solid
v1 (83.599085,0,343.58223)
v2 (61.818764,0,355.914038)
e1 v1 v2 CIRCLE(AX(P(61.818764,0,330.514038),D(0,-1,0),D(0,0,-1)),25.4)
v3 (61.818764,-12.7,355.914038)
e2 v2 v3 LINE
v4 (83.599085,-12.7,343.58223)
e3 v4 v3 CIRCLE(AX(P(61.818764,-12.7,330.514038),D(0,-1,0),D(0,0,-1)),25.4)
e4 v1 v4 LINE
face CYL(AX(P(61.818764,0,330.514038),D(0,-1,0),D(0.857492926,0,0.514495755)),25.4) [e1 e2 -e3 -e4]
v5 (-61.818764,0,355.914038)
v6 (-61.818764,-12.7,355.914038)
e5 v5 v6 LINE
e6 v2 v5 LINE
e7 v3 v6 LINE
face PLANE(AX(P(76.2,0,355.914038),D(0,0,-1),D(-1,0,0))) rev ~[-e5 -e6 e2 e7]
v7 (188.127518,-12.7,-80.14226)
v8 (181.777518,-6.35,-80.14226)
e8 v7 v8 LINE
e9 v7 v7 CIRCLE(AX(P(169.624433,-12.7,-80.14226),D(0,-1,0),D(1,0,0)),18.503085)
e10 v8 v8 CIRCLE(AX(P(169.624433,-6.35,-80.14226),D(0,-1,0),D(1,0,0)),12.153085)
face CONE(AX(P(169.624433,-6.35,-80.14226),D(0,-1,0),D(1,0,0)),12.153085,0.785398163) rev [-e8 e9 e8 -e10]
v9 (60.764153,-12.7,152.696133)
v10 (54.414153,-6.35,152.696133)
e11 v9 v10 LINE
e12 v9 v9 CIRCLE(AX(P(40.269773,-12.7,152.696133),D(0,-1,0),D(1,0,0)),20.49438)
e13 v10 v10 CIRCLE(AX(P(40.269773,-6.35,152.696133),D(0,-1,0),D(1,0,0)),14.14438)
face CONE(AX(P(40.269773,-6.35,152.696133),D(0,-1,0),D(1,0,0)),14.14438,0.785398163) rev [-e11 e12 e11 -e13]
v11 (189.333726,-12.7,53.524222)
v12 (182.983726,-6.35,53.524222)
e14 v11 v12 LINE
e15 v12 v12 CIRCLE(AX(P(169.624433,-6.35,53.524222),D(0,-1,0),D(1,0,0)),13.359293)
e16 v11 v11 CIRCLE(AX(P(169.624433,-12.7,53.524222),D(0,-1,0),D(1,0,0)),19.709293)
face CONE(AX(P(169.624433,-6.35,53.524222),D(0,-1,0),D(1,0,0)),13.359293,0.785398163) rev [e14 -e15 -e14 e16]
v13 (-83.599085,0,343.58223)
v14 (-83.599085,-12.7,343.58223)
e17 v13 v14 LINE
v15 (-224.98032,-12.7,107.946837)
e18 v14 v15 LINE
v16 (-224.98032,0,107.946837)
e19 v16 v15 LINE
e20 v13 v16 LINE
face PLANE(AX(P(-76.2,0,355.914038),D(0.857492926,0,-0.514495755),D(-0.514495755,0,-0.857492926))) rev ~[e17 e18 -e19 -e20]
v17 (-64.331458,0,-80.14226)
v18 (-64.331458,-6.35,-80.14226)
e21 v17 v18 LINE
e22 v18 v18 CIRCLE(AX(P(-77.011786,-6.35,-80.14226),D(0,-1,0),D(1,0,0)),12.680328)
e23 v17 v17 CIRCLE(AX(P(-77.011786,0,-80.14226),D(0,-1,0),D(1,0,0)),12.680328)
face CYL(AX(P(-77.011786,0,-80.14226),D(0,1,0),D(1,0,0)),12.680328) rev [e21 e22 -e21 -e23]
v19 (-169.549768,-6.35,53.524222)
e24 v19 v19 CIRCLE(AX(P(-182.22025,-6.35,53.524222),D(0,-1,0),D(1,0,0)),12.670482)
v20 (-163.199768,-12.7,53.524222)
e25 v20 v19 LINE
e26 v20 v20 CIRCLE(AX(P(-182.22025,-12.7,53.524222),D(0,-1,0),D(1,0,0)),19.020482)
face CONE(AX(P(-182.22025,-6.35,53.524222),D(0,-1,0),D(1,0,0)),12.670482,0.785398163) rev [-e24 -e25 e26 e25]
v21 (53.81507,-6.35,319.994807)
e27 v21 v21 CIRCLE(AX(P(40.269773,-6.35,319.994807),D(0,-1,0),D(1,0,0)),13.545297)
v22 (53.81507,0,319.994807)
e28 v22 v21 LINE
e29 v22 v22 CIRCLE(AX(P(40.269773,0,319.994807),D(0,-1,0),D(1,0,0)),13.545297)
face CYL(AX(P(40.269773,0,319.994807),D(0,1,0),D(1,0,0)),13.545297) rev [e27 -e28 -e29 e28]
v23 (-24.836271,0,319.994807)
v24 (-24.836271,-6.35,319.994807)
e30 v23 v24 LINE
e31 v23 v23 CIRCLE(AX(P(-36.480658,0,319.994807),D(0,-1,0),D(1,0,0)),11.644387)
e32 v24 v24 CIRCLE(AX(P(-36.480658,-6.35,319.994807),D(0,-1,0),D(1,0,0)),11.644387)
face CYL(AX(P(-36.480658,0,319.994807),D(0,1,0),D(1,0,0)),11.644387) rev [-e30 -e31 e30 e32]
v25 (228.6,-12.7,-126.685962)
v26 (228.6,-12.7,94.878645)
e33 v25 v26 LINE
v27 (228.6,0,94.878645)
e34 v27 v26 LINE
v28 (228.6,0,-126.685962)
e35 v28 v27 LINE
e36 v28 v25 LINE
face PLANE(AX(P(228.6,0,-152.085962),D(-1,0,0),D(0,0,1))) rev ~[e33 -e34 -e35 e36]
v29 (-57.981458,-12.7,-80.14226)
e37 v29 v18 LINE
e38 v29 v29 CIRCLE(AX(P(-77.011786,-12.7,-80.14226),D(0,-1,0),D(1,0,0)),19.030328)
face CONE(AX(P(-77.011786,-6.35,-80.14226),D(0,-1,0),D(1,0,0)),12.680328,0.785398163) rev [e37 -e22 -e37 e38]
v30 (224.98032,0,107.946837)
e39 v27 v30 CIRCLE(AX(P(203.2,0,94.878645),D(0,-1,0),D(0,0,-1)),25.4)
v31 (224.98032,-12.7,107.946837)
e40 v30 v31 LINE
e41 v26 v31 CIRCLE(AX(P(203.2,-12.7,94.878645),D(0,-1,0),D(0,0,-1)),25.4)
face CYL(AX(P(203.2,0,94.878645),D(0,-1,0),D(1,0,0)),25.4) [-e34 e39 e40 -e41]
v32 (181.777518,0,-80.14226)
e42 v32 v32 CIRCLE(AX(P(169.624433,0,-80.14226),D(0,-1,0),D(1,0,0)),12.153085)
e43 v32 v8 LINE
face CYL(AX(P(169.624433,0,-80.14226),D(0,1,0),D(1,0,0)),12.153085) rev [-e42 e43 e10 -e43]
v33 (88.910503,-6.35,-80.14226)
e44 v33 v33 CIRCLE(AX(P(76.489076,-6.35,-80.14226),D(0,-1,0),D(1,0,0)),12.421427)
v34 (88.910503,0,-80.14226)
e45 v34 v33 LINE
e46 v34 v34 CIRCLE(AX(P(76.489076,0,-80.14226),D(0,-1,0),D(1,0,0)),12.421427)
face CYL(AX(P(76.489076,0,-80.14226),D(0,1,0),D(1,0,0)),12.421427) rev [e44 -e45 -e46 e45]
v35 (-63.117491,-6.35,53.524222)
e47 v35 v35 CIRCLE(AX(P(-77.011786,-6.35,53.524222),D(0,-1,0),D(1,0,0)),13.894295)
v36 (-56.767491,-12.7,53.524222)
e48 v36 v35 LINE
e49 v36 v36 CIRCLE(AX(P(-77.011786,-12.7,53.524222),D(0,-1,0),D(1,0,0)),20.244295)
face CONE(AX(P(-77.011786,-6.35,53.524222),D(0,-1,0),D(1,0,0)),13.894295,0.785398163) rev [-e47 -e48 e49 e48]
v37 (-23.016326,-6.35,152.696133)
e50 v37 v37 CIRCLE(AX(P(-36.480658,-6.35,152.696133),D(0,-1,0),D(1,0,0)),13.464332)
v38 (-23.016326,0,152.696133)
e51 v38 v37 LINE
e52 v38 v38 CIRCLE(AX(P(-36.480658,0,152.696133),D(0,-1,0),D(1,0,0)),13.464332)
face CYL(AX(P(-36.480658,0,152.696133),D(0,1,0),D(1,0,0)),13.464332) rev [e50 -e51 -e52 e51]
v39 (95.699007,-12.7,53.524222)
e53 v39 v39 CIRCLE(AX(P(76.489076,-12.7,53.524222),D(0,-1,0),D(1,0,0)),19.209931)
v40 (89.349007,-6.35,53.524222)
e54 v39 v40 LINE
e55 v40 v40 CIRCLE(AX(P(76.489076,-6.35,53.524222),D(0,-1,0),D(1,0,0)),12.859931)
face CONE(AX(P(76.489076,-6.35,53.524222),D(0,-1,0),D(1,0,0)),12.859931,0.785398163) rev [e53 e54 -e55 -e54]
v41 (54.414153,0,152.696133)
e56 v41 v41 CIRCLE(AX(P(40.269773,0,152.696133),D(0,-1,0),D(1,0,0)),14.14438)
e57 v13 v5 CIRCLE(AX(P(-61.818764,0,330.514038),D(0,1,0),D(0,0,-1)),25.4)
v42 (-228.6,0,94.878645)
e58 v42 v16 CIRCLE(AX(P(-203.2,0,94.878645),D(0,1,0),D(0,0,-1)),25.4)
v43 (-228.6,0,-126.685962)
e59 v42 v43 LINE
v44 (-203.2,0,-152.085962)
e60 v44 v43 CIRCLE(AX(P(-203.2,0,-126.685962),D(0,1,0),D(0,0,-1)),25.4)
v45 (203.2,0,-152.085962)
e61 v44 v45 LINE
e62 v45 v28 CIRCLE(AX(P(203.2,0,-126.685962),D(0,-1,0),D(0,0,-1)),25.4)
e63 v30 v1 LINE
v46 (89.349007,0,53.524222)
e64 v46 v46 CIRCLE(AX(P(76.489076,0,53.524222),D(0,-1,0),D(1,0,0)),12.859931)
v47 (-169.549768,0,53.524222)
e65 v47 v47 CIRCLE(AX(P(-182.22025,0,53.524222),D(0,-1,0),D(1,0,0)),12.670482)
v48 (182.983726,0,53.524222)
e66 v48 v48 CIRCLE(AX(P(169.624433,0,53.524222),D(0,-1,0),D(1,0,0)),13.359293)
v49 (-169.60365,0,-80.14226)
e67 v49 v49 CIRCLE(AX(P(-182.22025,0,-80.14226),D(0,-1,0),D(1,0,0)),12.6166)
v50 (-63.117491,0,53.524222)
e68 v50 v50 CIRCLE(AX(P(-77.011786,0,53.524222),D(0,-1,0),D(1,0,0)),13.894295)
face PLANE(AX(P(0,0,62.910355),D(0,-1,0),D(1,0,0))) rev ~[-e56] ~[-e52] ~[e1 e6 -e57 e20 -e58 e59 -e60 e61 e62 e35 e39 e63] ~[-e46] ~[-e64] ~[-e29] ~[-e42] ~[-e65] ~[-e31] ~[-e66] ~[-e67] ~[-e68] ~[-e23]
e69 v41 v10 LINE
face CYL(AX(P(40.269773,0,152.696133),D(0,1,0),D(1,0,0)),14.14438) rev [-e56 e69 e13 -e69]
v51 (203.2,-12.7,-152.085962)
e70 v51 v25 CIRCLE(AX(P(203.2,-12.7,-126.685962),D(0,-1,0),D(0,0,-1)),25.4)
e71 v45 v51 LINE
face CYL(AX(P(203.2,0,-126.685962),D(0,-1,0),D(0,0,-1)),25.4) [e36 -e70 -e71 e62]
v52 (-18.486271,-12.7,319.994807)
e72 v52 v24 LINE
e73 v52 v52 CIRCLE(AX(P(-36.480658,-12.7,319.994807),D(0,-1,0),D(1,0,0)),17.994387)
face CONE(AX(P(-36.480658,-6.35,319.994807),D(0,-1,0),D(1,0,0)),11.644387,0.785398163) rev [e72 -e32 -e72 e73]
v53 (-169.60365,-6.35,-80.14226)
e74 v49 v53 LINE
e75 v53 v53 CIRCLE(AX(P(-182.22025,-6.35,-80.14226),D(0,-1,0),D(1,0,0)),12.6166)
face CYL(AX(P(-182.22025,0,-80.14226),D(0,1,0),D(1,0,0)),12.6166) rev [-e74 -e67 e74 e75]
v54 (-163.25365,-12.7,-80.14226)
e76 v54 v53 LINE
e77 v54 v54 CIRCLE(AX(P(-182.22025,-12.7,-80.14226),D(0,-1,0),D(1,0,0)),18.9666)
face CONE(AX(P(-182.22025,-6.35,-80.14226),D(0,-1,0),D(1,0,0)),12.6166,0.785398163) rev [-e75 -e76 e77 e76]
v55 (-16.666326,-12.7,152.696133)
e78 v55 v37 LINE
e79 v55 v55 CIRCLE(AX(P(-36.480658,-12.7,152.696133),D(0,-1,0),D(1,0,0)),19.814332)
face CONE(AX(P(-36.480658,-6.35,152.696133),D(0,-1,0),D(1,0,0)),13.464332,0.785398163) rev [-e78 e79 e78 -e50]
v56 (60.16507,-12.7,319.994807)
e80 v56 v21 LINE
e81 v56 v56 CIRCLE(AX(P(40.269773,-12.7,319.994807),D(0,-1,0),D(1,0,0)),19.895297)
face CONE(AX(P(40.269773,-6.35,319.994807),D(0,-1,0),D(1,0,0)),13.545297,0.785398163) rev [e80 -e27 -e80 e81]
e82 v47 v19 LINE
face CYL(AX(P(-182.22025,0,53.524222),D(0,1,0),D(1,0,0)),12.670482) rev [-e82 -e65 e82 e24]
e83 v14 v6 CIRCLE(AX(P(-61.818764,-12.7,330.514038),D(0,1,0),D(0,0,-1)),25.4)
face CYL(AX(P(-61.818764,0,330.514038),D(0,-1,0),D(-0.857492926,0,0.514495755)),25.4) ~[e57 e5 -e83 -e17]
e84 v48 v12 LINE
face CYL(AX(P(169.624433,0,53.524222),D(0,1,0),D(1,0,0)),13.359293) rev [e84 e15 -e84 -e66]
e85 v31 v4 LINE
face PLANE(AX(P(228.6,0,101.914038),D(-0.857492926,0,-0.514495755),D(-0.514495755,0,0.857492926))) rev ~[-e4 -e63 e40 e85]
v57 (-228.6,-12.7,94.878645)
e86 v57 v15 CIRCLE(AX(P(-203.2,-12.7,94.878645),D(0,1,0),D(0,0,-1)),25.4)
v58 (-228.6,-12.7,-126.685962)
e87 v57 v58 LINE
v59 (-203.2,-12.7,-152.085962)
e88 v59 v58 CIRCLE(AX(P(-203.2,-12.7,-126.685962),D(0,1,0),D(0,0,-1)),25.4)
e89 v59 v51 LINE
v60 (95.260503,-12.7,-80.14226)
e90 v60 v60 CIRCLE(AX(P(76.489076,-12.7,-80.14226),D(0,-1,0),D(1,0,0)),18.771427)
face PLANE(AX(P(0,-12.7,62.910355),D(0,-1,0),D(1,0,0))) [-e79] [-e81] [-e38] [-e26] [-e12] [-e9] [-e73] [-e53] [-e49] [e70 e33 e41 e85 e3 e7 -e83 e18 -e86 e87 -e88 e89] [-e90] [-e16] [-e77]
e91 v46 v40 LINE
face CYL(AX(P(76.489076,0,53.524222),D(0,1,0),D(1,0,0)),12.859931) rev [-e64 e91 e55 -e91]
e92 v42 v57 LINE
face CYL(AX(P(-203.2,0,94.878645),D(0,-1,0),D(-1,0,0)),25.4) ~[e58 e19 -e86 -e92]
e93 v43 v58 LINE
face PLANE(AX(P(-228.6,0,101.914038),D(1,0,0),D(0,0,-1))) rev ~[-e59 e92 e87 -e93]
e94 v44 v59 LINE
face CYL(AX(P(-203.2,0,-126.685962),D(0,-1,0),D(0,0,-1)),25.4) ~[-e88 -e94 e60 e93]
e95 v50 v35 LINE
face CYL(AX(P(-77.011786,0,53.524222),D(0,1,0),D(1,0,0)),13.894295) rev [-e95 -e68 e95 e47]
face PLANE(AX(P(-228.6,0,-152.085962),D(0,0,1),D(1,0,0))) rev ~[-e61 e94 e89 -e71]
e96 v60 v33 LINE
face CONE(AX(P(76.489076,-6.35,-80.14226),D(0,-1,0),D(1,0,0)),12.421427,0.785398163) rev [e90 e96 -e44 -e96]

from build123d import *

# Parameters (mm, degrees)
F0_R     = 12.6166
F0_R_2   = 12.680328
F0_R_3   = 12.670482
F0_R_4   = 13.894295
F0_R_5   = 12.421427
F0_R_6   = 12.153085
F0_R_7   = 12.859931
F0_R_8   = 13.359293
F0_R_9   = 13.464332
F0_R_10  = 11.644387
F0_R_11  = 14.14438
F0_R_12  = 13.545297
F1_DEPTH = 12.7
F2_R     = 25.4
F3_SIZE  = 6.35


with BuildPart() as f1:
    # F0 (on Front) → F1 (new body)
    with BuildSketch(Plane.XZ):
        Polygon((-228.6, -152.085962), (228.6, -152.085962), (228.6, 101.914038), (76.2, 355.914038), (-76.2, 355.914038), (-228.6, 101.914038), align=None)
        with Locations((-182.22025, -80.14226)):
            Circle(F0_R, mode=Mode.SUBTRACT)
        with Locations((-77.011786, -80.14226)):
            Circle(F0_R_2, mode=Mode.SUBTRACT)
        with Locations((-182.22025, 53.524222)):
            Circle(F0_R_3, mode=Mode.SUBTRACT)
        with Locations((-77.011786, 53.524222)):
            Circle(F0_R_4, mode=Mode.SUBTRACT)
        with Locations((76.489076, -80.14226)):
            Circle(F0_R_5, mode=Mode.SUBTRACT)
        with Locations((169.624433, -80.14226)):
            Circle(F0_R_6, mode=Mode.SUBTRACT)
        with Locations((76.489076, 53.524222)):
            Circle(F0_R_7, mode=Mode.SUBTRACT)
        with Locations((169.624433, 53.524222)):
            Circle(F0_R_8, mode=Mode.SUBTRACT)
        with Locations((-36.480658, 152.696133)):
            Circle(F0_R_9, mode=Mode.SUBTRACT)
        with Locations((-36.480658, 319.994807)):
            Circle(F0_R_10, mode=Mode.SUBTRACT)
        with Locations((40.269773, 152.696133)):
            Circle(F0_R_11, mode=Mode.SUBTRACT)
        with Locations((40.269773, 319.994807)):
            Circle(F0_R_12, mode=Mode.SUBTRACT)
    extrude(amount=F1_DEPTH)

    # F2
    f2_edges = [f1.edges().sort_by_distance(p)[0] for p in [
        (76.2, -6.35, 355.914038),
        (-76.2, -6.35, 355.914038),
        (228.6, -6.35, 101.914038),
        (228.6, -6.35, -152.085962),
        (-228.6, -6.35, -152.085962),
        (-228.6, -6.35, 101.914038),
    ]]
    fillet(f2_edges, radius=F2_R)

    # F3
    f3_edges = [f1.edges().sort_by_distance(p)[0] for p in [
        (26.724477, -12.7, 319.994807),
        (-48.125045, -12.7, 319.994807),
        (-49.94499, -12.7, 152.696133),
        (26.125393, -12.7, 152.696133),
        (-90.906081, -12.7, 53.524222),
        (-194.890732, -12.7, 53.524222),
        (63.629145, -12.7, 53.524222),
        (156.26514, -12.7, 53.524222),
        (157.471348, -12.7, -80.14226),
        (64.067649, -12.7, -80.14226),
        (-89.692114, -12.7, -80.14226),
        (-194.83685, -12.7, -80.14226),
    ]]
    chamfer(f3_edges, length=F3_SIZE)


solid = f1.part
